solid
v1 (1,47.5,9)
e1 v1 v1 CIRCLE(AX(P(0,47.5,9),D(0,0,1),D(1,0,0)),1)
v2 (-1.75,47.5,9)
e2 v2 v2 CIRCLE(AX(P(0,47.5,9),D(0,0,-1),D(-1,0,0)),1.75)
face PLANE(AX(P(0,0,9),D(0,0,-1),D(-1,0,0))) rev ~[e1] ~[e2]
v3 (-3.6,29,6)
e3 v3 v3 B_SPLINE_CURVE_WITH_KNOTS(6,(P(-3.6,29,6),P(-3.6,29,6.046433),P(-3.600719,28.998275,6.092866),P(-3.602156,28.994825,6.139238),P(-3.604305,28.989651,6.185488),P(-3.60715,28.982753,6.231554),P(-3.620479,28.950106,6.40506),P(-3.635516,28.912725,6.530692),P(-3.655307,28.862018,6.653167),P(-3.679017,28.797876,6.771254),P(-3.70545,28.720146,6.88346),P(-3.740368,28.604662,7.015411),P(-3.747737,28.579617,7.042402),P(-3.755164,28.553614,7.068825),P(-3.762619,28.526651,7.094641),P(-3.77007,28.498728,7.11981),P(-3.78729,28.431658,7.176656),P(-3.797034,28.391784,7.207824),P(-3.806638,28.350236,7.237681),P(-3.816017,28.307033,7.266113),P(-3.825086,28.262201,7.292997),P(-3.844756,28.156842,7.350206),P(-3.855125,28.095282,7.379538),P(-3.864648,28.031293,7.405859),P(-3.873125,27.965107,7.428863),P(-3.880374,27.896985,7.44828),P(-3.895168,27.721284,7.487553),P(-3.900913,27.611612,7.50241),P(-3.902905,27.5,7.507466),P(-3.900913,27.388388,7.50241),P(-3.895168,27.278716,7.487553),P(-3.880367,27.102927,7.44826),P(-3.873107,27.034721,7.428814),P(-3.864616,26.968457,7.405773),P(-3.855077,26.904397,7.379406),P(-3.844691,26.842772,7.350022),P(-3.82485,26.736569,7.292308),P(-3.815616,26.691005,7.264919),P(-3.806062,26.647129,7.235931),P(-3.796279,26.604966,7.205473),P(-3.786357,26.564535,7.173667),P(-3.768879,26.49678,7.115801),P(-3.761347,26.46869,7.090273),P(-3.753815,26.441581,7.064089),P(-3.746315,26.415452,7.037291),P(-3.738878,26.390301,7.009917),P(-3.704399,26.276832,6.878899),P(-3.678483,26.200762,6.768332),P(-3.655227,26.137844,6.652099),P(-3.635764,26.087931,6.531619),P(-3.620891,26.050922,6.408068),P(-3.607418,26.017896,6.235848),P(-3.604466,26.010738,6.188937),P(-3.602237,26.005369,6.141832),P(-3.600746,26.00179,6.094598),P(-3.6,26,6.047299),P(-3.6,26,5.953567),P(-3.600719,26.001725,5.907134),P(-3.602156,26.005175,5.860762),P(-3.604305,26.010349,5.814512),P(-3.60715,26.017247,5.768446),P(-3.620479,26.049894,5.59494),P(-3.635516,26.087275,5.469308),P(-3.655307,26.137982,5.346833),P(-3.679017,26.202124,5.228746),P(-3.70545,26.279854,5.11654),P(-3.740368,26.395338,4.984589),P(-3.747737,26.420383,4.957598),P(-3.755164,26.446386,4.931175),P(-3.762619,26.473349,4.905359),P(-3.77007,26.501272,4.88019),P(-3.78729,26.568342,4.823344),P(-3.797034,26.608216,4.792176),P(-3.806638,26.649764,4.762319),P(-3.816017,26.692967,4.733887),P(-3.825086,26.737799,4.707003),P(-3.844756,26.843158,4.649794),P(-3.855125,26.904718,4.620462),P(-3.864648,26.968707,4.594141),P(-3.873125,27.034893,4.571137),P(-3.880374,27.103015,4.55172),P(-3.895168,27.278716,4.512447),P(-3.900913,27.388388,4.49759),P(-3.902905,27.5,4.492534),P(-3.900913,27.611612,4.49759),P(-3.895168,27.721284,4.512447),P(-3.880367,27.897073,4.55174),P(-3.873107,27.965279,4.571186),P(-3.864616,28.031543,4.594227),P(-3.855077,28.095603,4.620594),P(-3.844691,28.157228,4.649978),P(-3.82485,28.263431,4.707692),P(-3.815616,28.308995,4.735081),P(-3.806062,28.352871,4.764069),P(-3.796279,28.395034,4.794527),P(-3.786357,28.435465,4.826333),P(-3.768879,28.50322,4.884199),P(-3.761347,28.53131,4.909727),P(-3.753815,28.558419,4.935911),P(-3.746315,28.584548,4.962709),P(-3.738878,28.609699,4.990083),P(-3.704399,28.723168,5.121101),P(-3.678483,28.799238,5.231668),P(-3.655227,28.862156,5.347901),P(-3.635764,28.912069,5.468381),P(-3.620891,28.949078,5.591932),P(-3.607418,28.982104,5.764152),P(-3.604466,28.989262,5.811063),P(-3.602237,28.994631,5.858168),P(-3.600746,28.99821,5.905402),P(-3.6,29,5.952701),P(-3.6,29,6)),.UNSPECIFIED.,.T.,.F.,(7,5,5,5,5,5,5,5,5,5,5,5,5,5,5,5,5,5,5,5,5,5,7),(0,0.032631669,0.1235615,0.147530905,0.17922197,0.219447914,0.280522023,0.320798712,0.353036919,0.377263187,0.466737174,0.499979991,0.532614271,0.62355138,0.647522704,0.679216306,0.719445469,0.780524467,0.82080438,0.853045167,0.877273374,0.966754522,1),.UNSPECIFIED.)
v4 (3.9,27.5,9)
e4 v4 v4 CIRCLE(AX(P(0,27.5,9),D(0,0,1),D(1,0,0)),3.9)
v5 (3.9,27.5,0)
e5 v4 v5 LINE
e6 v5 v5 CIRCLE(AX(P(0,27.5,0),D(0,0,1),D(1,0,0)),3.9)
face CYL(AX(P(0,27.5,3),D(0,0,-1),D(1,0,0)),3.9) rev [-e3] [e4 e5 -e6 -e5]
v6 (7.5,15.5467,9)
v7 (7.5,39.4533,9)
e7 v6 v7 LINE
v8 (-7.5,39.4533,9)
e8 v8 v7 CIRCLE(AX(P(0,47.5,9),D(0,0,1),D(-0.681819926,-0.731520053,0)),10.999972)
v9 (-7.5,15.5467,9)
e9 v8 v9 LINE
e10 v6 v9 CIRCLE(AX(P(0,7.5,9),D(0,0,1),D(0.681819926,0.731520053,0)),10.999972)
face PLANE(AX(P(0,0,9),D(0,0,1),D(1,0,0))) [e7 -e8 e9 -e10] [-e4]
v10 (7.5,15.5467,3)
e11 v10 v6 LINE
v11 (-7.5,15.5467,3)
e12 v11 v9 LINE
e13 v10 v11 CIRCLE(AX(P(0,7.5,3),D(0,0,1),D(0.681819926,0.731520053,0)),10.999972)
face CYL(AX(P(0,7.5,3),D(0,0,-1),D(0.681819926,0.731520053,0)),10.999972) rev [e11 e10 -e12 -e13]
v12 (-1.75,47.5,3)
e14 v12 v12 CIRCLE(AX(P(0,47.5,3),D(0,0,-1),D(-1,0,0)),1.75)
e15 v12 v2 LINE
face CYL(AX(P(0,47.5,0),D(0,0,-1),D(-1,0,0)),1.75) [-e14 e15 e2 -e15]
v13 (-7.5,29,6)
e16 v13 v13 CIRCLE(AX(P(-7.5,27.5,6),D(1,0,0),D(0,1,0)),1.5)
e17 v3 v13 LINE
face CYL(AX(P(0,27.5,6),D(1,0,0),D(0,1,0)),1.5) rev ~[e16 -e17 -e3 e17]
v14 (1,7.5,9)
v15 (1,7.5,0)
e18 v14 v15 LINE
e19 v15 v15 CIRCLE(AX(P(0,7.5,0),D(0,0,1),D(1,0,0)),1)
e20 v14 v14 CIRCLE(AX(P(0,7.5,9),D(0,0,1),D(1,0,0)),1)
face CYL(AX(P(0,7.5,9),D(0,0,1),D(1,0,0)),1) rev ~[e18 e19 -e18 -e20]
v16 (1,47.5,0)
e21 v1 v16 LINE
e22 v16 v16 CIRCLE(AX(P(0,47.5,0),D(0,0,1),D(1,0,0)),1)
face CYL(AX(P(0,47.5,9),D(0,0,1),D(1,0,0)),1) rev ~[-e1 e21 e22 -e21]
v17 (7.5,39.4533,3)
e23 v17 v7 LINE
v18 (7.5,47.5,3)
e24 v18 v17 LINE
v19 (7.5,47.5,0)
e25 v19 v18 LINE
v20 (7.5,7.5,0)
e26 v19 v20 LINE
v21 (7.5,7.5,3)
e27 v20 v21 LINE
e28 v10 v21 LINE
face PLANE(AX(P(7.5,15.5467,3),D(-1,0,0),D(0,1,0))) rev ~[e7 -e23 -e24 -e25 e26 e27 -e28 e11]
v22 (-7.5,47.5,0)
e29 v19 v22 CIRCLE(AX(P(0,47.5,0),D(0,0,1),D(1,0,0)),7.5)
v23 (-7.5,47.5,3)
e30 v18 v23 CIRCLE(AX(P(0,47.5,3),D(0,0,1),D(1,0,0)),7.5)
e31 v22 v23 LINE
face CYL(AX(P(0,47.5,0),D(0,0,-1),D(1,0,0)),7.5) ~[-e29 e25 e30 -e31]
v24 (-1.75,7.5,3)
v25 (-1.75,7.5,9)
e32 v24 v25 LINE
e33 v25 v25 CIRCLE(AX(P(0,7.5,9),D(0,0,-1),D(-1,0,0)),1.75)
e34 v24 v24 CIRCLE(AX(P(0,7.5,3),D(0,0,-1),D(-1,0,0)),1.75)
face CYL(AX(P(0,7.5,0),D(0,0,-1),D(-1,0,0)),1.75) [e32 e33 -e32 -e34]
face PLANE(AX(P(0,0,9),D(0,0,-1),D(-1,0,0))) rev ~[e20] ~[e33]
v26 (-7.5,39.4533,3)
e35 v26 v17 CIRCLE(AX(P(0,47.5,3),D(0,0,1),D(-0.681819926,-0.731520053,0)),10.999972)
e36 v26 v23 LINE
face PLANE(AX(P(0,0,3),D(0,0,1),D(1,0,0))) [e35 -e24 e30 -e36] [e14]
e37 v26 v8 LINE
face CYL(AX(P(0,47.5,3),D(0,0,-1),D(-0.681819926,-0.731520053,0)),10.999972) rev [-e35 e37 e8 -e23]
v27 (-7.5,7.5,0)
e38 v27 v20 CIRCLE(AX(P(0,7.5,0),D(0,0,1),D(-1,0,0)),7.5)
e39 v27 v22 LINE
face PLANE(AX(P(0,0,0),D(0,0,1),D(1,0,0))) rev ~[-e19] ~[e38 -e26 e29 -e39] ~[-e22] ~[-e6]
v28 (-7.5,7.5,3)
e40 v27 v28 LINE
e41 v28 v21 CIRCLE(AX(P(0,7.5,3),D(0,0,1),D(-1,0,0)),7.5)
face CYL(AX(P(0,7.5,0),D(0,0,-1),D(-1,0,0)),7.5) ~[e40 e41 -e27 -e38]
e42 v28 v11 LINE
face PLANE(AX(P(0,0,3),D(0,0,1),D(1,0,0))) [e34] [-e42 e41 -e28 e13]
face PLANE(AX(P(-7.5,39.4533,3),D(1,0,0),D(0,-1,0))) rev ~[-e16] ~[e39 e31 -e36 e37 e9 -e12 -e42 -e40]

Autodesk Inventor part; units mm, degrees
ref_plane "YZ Plane" through (0, 0, 0) normal (1, 0, 0) x (0, 1, 0)
ref_plane "XZ Plane" through (0, 0, 0) normal (0, 1, 0) x (-1, 0, 0)
ref_plane "XY Plane" through (0, 0, 0) normal (0, 0, 1) x (1, 0, 0)
sketch "Sketch1" plane through (0, 0, 0) normal (0, 0, 1) x (1, 0, 0)
  line L0 (0, 0) -> (0, 55) construction
  circle A0 centre (0, 47.5) radius 7.5 construction
  circle A1 centre (0, 7.5) radius 7.5 construction
  line L1 (7.5, 47.5) -> (7.5, 7.5)
  line L2 (-7.5, 7.5) -> (-7.5, 47.5)
  arc A2 (7.5, 47.5) -> (-7.5, 47.5) centre (0, 47.5) ccw
  arc A3 (-7.5, 7.5) -> (7.5, 7.5) centre (0, 7.5) ccw
  circle A4 centre (0, 27.5) radius 3.9
  circle A5 centre (0, 47.5) radius 1.75
  circle A6 centre (0, 7.5) radius 1.75
  dimension "d1" = 15
  dimension "d2" = 15
  dimension "d3" = 7.8
  dimension "d4" = 3.5
  dimension "d5" = 3.5
  dimension "d21" = 40
extrude "Extrusion1" add sketch "Sketch1" along normal blind 3
sketch "Sketch3" plane through (0, 0, 0) normal (0, 0, -1) x (-1, 0, 0)
  circle A0 centre (0, 47.5) radius 1.75 projected
  circle A1 centre (0, 7.5) radius 1.75 projected
  point P0 (0, 0)
extrude "Extrusion2" add sketch "Sketch3" against normal blind 9
sketch "Sketch4" plane through (0, 47.5, 9) normal (0, 0, 1) x (1, 0, 0)
  circle A0 centre (0, 0) radius 1.75 projected
  circle A1 centre (0, -40) radius 1.75 projected
  circle A2 centre (0, 0) radius 1
  circle A3 centre (0, -40) radius 1
  point P0 (0, -47.5)
  dimension "d10" = 2
  dimension "d11" = 2
extrude "Extrusion3" cut sketch "Sketch4" against normal through all contours A2 | A3
sketch "Sketch5" plane through (0, 0, 3) normal (0, 0, 1) x (1, 0, 0)
  arc A0 (7.5, 47.5) -> (-7.5, 47.5) centre (0, 47.5) ccw projected
  arc A1 (-7.5, 7.5) -> (7.5, 7.5) centre (0, 7.5) ccw projected
  circle A2 centre (0, 47.5) radius 1 projected
  circle A3 centre (0, 47.5) radius 11 construction
  circle A4 centre (0, 7.5) radius 11 construction
  line L0 (7.5, 7.5) -> (7.5, 47.5) projected
  line L1 (7.5, 39.4533) -> (7.5, 15.5467)
  line L2 (-7.5, 47.5) -> (-7.5, 7.5) projected
  line L3 (-7.5, 39.4533) -> (-7.5, 15.5467)
  arc A5 (-7.5, 39.4533) -> (7.5, 39.4533) centre (0, 47.5) ccw
  arc A6 (7.5, 15.5467) -> (-7.5, 15.5467) centre (0, 7.5) ccw
  circle A7 centre (0, 27.5) radius 3.9 projected
  point P0 (0, 0)
  dimension "d14" = 22
  dimension "d15" = 22
extrude "Extrusion4" add sketch "Sketch5" along normal blind 6 contours L0 A6 L2 A5
sketch "Sketch6" plane through (0, 0, 0) normal (1, 0, 0) x (0, 1, 0)
  line L0 (7.5, 0) -> (47.5, 0) projected
  line L1 (7.5, 0) -> (7.5, 3) projected
  line L2 (15.5467, 3) -> (7.5, 3) projected
  line L3 (15.5467, 3) -> (15.5467, 9) projected
  line L4 (39.4533, 9) -> (15.5467, 9) projected
  line L5 (39.4533, 3) -> (39.4533, 9) projected
  line L6 (47.5, 0) -> (47.5, 3) projected
  circle A0 centre (27.5, 6) radius 1.5
  line L7 (47.5, 3) -> (39.4533, 3) projected
  point P0 (0, 0)
  point P1 (27.5, 9)
  point P2 (39.4533, 6)
  dimension "d18" = 3
extrude "Extrusion5" cut sketch "Sketch6" against normal through all contours A0
equation "\"d5\" = d4"
equation "\"d15\" = d14"
properties part number "WaveGenerator" material "ABS Plastic"
